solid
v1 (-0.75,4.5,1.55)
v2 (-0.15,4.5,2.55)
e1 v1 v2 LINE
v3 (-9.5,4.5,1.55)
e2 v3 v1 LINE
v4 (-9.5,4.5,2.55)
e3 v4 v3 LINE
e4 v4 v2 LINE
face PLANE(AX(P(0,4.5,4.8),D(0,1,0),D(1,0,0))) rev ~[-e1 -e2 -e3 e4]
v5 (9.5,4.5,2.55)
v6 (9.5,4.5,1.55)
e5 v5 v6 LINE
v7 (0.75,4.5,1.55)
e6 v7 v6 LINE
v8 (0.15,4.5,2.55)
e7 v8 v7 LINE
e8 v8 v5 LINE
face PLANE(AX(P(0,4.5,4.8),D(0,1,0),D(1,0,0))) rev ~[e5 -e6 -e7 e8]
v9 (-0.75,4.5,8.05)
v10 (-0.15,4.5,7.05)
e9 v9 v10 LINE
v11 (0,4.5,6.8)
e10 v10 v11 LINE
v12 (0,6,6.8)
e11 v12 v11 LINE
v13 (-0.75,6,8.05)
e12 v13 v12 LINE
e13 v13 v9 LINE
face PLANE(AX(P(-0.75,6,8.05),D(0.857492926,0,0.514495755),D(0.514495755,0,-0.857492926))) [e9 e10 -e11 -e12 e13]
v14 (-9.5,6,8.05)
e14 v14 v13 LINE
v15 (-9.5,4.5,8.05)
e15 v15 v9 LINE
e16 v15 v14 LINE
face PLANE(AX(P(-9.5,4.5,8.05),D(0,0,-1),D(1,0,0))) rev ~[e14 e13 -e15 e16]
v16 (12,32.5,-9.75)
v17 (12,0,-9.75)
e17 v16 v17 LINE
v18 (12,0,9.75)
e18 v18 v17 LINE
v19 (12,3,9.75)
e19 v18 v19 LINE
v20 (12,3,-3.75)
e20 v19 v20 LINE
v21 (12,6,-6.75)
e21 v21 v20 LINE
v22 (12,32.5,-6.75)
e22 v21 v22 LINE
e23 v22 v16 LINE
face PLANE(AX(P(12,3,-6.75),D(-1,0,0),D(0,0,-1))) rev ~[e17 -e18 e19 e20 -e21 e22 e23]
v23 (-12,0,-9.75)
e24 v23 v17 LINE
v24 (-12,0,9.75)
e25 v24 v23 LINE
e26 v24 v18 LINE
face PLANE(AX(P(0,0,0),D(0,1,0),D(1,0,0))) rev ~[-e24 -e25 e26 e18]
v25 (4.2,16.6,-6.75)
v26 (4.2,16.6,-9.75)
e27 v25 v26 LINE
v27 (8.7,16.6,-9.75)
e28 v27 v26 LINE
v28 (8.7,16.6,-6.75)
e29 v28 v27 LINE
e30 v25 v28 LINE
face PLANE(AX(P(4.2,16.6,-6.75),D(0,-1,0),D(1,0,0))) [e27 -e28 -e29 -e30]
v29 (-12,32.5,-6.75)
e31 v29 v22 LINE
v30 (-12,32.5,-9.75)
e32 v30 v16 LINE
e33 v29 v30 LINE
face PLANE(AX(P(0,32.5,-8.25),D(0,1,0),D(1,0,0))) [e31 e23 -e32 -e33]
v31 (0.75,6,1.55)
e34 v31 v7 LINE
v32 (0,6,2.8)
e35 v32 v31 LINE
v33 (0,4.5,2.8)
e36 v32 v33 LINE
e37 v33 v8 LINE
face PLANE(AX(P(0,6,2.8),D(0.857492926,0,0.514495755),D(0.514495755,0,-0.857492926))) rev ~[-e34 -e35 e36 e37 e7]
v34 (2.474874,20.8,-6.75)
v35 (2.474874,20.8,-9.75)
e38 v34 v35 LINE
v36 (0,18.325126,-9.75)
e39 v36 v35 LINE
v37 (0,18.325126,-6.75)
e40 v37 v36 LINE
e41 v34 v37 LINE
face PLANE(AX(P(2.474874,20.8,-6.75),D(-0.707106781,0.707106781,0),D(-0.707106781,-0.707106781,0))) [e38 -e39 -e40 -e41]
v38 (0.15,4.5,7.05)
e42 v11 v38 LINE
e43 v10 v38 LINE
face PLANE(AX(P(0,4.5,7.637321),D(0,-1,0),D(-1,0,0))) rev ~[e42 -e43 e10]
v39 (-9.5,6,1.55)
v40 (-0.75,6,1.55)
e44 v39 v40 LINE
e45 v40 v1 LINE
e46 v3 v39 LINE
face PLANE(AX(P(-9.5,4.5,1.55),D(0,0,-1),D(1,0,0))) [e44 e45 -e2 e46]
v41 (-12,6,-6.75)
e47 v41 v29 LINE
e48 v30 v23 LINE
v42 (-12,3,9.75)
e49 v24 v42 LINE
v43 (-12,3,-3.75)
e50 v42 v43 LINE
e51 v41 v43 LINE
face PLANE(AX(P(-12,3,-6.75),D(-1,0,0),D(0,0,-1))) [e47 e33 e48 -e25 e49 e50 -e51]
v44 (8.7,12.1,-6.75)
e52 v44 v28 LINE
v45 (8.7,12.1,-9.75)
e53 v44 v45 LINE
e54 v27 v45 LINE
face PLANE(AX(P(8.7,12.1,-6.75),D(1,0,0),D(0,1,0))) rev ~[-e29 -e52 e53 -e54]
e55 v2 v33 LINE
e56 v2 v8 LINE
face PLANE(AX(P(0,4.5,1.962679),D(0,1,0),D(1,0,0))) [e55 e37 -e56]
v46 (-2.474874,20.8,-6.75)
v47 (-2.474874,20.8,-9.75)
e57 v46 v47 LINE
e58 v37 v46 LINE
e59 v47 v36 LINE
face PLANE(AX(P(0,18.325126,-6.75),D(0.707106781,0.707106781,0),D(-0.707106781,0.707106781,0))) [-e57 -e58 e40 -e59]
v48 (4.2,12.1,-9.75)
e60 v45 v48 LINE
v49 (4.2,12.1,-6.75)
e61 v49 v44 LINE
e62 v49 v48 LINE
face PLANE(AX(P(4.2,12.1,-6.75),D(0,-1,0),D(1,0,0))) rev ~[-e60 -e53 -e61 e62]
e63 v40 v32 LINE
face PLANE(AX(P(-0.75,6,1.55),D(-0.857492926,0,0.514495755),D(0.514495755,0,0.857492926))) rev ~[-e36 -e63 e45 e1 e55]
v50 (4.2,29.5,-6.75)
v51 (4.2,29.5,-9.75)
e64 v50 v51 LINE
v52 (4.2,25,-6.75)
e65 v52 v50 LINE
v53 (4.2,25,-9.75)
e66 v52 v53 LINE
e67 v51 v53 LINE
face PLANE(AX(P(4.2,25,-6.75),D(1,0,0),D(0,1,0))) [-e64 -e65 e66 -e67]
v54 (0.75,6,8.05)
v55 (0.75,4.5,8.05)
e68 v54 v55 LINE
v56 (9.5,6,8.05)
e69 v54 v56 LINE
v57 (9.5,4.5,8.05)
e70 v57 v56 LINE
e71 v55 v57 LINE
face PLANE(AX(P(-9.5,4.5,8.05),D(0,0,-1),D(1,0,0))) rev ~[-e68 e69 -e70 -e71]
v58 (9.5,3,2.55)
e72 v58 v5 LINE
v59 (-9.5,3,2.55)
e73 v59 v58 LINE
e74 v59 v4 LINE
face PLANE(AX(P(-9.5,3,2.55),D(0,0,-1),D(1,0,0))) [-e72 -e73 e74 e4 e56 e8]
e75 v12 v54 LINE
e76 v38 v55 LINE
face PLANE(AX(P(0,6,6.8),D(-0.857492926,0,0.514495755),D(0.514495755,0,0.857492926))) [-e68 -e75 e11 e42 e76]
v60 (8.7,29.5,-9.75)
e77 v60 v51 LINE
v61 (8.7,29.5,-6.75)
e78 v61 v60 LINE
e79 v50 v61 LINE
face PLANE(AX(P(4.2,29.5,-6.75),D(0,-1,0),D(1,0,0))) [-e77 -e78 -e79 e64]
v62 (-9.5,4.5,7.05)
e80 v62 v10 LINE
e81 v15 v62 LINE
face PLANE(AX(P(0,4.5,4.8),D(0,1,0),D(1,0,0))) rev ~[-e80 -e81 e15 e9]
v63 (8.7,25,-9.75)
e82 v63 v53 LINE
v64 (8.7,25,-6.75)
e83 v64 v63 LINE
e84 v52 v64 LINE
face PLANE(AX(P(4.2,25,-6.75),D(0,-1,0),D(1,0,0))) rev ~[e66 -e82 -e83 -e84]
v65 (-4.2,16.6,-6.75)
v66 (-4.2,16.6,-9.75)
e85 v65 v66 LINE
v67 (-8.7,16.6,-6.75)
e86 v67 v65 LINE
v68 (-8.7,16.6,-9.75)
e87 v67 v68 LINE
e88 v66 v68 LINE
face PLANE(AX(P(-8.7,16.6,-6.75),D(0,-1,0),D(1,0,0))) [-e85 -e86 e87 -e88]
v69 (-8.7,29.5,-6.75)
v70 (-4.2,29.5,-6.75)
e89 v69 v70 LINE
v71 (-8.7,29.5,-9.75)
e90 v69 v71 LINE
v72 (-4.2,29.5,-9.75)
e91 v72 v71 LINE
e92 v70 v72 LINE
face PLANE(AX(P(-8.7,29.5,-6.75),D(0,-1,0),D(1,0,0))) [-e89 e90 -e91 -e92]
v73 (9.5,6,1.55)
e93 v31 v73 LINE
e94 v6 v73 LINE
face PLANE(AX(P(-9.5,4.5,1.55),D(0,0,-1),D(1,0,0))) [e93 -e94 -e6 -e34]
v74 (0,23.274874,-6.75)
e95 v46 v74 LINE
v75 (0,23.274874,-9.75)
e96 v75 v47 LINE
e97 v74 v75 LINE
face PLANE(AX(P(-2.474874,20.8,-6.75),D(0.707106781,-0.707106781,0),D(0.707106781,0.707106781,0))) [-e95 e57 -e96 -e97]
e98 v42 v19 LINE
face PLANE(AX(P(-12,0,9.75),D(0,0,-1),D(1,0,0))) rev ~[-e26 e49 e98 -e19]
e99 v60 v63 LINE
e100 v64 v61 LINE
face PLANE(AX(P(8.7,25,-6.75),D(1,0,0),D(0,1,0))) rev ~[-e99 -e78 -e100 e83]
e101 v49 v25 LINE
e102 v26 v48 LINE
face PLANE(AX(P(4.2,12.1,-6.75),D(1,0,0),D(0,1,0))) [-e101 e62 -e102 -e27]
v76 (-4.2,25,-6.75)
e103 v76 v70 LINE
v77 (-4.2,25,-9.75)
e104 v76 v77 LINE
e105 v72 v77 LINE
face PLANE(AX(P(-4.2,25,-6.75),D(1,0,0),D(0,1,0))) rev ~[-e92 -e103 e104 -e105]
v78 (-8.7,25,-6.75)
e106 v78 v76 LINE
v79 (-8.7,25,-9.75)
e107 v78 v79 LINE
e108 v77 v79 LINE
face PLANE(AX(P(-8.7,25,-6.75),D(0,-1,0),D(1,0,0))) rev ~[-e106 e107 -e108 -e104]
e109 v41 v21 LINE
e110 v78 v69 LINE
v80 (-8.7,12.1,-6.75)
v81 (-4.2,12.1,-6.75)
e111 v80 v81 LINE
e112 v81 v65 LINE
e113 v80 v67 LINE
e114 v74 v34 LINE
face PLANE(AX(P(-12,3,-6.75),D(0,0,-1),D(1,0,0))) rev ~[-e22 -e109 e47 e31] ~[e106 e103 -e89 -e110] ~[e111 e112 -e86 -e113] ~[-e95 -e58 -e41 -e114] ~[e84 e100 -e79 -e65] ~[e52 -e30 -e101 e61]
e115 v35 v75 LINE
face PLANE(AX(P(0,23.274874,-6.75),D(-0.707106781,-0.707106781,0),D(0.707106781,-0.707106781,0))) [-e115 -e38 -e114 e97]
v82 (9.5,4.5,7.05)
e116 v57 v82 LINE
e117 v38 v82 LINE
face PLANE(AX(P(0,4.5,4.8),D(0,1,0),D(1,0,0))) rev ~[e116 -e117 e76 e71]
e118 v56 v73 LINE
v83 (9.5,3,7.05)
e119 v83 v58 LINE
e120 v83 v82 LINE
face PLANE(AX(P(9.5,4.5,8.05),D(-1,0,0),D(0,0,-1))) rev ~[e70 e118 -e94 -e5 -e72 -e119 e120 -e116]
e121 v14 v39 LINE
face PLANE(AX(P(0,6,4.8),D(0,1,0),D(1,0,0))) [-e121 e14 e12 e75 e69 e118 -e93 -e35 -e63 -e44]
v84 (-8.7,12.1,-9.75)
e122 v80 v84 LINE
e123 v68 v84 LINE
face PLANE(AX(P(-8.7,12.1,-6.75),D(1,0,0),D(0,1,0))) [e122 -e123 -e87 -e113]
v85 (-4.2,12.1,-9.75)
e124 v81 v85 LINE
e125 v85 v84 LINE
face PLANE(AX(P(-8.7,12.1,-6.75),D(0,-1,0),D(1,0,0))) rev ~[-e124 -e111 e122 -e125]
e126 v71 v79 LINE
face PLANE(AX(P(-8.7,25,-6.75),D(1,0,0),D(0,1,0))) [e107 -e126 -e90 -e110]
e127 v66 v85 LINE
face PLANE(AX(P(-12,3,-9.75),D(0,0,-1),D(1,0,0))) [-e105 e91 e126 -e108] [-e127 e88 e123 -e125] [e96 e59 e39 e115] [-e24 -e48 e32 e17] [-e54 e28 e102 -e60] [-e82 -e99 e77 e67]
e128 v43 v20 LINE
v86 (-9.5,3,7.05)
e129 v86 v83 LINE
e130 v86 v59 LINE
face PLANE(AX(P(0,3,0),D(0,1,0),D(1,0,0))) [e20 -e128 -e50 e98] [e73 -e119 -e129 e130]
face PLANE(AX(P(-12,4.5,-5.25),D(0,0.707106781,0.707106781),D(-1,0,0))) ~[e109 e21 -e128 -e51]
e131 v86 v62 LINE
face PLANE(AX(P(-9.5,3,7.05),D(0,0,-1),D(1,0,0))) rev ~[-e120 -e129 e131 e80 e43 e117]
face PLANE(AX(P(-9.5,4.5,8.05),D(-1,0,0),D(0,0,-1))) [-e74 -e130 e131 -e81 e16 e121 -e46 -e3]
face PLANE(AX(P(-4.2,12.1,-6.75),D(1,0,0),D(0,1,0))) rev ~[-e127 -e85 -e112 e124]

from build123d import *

# Parameters (mm, degrees)
SKETCH1_W           = 24
SKETCH1_H           = 19.5
BOSS_EXTRUDE1_DEPTH = 3
SKETCH3_W           = 19
SKETCH3_H           = 4.5
BOSS_EXTRUDE2_DEPTH = 1.5
SKETCH4_W           = 19
SKETCH4_H           = 6.5
BOSS_EXTRUDE3_DEPTH = 1.5
CUT_EXTRUDE1_DEPTH  = 1.5
SKETCH6_W           = 24
SKETCH6_H           = 3
BOSS_EXTRUDE4_DEPTH = 29.5
SKETCH7_W           = 4.5
SKETCH7_H           = 4.5
CUT_EXTRUDE2_DEPTH  = 39.373167709
CHAMFER1_SIZE       = 3


with BuildPart() as part:
    # Sketch1 → Boss-Extrude1 (new body)
    with BuildSketch(Plane(origin=(0, 0, 0), x_dir=(1, 0, 0), z_dir=(0, 1, 0))):
        Rectangle(SKETCH1_W, SKETCH1_H)
    extrude(amount=BOSS_EXTRUDE1_DEPTH)

    # Sketch3 → Boss-Extrude2 (add)
    with BuildSketch(Plane(origin=(0, 3, 0), x_dir=(1, 0, 0), z_dir=(0, 1, 0))):
        with Locations((0, -4.8)):
            Rectangle(SKETCH3_W, SKETCH3_H)
    extrude(amount=BOSS_EXTRUDE2_DEPTH)

    # Sketch4 → Boss-Extrude3 (add)
    with BuildSketch(Plane(origin=(0, 4.5, 0), x_dir=(1, 0, 0), z_dir=(0, 1, 0))):
        with Locations((0, -4.8)):
            Rectangle(SKETCH4_W, SKETCH4_H)
    extrude(amount=BOSS_EXTRUDE3_DEPTH)

    # Sketch5 → Cut-Extrude1 (cut)
    with BuildSketch(Plane(origin=(0, 6, 0), x_dir=(1, 0, 0), z_dir=(0, 1, 0))):
        Polygon((0, -2.8), (0.75, -1.55), (-0.75, -1.55), align=None)
        Polygon((0, -6.8), (0.75, -8.05), (-0.75, -8.05), align=None)
    extrude(amount=-CUT_EXTRUDE1_DEPTH, mode=Mode.SUBTRACT)

    # Sketch6 → Boss-Extrude4 (add)
    with BuildSketch(Plane(origin=(0, 3, 0), x_dir=(1, 0, 0), z_dir=(0, 1, 0))):
        with Locations((0, 8.25)):
            Rectangle(SKETCH6_W, SKETCH6_H)
    extrude(amount=BOSS_EXTRUDE4_DEPTH)

    # Sketch7 → Cut-Extrude2 (cut, through all)
    with BuildSketch(Plane.XY.offset(-6.75)):
        with Locations((-6.45, 27.25)):
            Rectangle(SKETCH7_W, SKETCH7_H)
        with Locations((-6.45, 14.35)):
            Rectangle(SKETCH7_W, SKETCH7_H)
        with Locations((6.45, 14.35)):
            Rectangle(SKETCH7_W, SKETCH7_H)
        with Locations((6.45, 27.25)):
            Rectangle(SKETCH7_W, SKETCH7_H)
        Polygon((-2.474873734, 20.8), (0, 23.274873734), (2.474873734, 20.8), (0, 18.325126266), align=None)
    extrude(amount=-CUT_EXTRUDE2_DEPTH, mode=Mode.SUBTRACT)

    # Chamfer1
    chamfer1_edges = [part.edges().sort_by_distance(p)[0] for p in [
        (0, 3, -6.75),
    ]]
    chamfer(chamfer1_edges, length=CHAMFER1_SIZE)


solid = part.part
